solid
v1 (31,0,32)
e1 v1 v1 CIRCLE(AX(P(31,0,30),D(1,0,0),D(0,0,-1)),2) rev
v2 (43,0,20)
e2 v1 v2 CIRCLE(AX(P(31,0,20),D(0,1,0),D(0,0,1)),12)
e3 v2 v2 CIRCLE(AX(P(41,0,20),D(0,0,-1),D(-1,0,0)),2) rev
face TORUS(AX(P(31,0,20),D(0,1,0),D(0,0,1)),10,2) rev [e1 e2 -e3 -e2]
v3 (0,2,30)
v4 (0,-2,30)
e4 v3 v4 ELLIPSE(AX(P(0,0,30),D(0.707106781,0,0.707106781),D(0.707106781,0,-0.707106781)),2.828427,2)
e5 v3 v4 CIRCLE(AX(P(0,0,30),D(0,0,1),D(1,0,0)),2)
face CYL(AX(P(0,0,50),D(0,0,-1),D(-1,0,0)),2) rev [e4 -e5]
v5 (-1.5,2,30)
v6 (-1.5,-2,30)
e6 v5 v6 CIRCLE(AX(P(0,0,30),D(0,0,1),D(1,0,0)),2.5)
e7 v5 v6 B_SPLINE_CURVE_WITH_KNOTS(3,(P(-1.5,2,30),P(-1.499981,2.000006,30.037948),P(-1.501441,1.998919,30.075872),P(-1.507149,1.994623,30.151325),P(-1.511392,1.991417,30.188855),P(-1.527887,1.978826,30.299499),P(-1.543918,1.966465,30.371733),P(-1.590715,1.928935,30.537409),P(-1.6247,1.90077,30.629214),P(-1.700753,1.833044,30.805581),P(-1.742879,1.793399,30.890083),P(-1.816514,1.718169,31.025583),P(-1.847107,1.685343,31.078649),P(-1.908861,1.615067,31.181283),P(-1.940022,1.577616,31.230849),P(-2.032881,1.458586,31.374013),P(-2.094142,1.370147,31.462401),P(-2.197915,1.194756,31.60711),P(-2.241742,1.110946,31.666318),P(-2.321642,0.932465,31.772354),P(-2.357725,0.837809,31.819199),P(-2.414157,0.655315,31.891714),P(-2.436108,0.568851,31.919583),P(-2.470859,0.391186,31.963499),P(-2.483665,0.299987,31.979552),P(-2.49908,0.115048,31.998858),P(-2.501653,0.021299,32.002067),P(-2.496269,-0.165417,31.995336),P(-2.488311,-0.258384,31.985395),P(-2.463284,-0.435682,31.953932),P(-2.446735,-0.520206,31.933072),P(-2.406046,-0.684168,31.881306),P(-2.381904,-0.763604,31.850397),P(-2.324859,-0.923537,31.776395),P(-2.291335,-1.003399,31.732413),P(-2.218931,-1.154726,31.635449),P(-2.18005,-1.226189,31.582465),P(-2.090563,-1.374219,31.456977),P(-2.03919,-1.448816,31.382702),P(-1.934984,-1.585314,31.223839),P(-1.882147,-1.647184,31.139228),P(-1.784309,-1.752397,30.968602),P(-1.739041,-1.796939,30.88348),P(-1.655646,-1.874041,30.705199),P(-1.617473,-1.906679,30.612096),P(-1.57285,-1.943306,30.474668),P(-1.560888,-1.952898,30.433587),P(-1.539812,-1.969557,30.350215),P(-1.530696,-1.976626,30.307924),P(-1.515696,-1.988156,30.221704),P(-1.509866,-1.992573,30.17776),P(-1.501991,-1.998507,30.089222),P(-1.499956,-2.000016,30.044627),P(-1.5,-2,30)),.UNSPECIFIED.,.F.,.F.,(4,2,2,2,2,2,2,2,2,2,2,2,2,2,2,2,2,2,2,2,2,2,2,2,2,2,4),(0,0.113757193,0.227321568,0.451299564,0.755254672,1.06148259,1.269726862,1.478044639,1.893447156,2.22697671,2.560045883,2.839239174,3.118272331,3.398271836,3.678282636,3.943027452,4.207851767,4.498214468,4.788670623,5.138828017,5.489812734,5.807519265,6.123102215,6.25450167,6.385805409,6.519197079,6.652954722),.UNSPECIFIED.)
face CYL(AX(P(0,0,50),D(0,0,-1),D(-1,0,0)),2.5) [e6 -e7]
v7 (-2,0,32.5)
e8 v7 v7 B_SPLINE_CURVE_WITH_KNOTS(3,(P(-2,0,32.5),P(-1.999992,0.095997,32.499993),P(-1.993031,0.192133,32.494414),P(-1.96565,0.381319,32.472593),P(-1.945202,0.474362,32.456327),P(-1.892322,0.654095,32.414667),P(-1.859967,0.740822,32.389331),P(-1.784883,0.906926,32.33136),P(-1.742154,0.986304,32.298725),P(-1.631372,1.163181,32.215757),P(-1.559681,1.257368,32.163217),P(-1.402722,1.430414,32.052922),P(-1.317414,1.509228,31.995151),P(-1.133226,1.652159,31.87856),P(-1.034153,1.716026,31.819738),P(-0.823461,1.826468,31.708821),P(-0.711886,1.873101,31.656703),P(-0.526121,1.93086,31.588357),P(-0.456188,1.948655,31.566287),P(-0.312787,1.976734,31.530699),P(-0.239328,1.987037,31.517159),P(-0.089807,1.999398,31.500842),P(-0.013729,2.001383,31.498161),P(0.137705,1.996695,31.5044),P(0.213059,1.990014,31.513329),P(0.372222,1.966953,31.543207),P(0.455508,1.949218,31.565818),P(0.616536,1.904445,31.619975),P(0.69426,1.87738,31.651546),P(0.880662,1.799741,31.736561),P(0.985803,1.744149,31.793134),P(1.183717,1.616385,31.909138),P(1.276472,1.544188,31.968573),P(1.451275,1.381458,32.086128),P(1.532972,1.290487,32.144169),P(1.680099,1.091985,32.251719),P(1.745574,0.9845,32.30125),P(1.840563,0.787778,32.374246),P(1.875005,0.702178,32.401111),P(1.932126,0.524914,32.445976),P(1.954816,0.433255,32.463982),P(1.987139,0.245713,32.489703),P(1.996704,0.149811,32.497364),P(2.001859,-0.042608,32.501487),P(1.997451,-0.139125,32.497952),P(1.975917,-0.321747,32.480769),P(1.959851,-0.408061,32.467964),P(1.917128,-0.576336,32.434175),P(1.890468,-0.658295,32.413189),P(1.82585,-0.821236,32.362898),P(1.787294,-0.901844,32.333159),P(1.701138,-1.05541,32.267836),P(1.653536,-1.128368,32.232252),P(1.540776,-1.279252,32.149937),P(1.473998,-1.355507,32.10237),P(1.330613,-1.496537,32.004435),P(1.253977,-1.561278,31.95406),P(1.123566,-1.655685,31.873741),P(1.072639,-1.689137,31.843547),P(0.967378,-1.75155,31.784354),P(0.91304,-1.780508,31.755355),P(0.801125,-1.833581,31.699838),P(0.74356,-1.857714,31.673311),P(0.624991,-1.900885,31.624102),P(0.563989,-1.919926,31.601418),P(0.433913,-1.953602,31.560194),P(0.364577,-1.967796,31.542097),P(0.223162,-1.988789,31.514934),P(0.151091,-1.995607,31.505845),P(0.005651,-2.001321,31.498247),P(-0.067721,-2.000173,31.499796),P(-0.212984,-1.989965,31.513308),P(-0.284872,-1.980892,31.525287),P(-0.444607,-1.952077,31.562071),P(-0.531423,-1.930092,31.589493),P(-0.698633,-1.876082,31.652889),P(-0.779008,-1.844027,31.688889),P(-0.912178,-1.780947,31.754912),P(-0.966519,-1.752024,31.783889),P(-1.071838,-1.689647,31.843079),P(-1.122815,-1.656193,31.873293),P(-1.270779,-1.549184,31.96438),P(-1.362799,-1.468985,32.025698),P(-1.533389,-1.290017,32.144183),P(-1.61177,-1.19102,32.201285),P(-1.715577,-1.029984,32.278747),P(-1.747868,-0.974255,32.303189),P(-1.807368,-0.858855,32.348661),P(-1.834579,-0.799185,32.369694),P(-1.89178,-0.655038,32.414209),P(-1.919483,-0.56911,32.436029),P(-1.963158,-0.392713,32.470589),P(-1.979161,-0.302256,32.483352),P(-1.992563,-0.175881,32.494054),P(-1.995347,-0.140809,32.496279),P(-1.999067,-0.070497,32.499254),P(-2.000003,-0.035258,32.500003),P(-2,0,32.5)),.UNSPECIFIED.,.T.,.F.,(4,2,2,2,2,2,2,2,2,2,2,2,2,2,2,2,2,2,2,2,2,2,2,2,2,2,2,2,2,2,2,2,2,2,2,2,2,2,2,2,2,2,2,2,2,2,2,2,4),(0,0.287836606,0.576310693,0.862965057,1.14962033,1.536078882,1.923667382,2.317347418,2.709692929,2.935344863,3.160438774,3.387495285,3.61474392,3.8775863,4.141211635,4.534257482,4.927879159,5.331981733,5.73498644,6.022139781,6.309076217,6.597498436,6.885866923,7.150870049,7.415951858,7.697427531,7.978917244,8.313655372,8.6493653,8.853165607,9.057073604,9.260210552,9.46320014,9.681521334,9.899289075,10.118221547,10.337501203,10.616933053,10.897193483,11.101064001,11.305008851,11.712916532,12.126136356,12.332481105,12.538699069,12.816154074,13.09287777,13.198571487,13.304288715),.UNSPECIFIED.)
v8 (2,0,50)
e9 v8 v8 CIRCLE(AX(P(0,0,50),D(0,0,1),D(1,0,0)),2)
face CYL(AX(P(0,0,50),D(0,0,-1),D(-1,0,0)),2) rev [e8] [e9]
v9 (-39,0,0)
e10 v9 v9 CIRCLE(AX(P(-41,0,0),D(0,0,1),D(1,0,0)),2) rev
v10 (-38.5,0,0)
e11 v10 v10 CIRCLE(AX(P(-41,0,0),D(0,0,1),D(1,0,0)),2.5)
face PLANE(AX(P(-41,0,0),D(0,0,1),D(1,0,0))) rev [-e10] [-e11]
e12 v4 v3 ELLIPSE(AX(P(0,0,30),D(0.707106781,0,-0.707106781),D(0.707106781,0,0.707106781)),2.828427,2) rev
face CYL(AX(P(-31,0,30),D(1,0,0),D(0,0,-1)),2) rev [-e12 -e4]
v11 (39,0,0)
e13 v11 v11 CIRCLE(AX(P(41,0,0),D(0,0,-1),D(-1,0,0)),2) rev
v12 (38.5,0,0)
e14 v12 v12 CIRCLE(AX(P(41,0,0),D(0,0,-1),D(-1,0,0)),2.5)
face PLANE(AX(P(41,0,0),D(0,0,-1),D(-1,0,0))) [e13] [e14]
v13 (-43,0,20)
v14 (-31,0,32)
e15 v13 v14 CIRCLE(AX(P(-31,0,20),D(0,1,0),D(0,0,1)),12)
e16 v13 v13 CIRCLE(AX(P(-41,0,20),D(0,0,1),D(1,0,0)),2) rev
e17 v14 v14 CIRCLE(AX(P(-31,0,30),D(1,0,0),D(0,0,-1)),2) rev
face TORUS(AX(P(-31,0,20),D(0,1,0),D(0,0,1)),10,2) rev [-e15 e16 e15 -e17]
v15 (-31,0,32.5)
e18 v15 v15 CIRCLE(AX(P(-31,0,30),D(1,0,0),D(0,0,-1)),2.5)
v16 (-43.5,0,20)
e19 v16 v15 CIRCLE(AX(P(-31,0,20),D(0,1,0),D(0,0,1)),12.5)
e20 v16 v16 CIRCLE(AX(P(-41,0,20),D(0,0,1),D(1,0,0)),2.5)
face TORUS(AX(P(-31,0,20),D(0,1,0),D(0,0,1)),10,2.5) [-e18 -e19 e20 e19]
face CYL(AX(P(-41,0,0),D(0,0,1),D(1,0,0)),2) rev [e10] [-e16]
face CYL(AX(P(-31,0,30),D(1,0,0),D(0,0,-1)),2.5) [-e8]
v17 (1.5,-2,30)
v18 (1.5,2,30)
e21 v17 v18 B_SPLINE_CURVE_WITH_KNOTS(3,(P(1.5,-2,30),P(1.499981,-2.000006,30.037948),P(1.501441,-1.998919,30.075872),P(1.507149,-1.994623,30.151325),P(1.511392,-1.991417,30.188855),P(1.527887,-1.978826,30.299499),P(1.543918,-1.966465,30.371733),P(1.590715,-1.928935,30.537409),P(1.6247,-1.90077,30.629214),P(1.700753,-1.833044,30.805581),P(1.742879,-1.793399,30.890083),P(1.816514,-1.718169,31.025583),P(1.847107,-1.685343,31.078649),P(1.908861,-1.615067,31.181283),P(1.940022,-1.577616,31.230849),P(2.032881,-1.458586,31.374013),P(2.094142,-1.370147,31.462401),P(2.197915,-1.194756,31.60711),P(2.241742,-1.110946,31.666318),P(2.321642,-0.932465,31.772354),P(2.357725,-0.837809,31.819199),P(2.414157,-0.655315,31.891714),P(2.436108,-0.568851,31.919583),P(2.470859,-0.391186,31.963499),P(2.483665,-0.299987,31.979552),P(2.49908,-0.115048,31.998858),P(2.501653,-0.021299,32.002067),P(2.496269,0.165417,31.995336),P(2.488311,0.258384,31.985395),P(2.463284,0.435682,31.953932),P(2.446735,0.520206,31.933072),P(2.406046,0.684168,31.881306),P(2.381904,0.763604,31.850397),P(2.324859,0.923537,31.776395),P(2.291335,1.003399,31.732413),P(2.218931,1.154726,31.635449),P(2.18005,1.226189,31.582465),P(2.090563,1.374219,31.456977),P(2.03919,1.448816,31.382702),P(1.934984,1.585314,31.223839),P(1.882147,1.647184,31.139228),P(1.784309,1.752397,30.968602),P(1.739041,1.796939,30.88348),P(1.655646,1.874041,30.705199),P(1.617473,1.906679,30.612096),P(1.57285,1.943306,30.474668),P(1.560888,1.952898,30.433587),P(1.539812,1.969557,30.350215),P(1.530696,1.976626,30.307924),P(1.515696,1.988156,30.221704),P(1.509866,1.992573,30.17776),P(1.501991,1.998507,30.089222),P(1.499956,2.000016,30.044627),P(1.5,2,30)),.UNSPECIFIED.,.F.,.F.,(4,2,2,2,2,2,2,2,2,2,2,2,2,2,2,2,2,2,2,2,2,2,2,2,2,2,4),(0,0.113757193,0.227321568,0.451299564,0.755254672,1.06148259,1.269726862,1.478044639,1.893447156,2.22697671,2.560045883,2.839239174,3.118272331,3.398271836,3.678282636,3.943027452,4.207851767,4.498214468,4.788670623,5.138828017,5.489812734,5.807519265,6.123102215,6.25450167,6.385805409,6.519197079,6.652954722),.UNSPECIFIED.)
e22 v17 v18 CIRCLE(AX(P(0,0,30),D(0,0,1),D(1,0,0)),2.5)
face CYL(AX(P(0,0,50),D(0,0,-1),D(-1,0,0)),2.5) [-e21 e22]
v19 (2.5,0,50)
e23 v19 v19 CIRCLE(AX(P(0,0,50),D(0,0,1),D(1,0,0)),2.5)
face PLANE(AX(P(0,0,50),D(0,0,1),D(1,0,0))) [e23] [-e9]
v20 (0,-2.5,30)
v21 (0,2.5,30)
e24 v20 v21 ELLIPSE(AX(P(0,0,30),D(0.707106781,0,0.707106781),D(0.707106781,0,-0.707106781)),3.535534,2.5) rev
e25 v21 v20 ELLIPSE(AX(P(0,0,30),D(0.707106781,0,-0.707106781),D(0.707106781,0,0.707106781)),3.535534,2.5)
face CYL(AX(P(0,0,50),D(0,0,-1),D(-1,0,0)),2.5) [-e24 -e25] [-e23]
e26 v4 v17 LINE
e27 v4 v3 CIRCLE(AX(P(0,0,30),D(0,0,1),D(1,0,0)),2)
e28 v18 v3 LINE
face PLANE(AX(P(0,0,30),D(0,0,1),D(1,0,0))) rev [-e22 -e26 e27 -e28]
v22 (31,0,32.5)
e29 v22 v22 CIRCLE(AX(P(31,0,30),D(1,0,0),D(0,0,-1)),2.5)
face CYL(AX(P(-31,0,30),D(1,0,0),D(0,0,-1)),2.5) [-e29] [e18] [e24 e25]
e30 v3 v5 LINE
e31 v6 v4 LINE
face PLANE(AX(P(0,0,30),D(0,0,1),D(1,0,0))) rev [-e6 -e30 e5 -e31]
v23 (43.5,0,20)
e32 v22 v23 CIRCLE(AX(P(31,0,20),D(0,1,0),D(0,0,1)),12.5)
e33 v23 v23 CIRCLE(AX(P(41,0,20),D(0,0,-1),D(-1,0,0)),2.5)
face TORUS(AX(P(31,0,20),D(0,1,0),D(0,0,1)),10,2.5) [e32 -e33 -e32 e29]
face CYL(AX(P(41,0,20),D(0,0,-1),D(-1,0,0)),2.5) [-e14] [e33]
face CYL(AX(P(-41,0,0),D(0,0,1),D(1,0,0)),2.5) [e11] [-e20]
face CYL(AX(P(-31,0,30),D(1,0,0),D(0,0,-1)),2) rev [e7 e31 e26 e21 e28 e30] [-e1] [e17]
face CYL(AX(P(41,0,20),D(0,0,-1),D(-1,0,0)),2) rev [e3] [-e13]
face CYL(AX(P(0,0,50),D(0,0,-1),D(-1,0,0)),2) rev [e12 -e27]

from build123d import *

# Parameters (mm, degrees)
SKETCH3_R           = 2.5
SKETCH3_R_2         = 2
SKETCH5_R           = 2.5
SKETCH5_R_2         = 2
BOSS_EXTRUDE2_DEPTH = 20


with BuildPart() as part:
    # Sweep1: sweep along a path in Sketch2
    with BuildLine(Plane(origin=(0, 0, 0), x_dir=(1, 0, 0), z_dir=(0, 1, 0))) as sweep1_path:
        Line((-41, 0), (-41, -20))
        ThreePointArc((-41, -20), (-38.071067812, -27.071067812), (-31, -30))
        Line((-31, -30), (31, -30))
        ThreePointArc((31, -30), (38.071067812, -27.071067812), (41, -20))
        Line((41, -20), (41, 0))
    # Sketch3 → Sweep1 (sweep)
    with BuildSketch(Plane.XY):
        with Locations((-41, 0)):
            Circle(SKETCH3_R)
        with Locations((-41, 0)):
            Circle(SKETCH3_R_2, mode=Mode.SUBTRACT)
    sweep(path=sweep1_path.line)

    # Sketch5 → Boss-Extrude2 (add)
    with BuildSketch(Plane.XY.offset(30)):
        Circle(SKETCH5_R)
        with Locations(Location((0, 0, 0), (0, 0, 180))):
            Circle(SKETCH5_R_2, mode=Mode.SUBTRACT)
    extrude(amount=BOSS_EXTRUDE2_DEPTH)


solid = part.part
